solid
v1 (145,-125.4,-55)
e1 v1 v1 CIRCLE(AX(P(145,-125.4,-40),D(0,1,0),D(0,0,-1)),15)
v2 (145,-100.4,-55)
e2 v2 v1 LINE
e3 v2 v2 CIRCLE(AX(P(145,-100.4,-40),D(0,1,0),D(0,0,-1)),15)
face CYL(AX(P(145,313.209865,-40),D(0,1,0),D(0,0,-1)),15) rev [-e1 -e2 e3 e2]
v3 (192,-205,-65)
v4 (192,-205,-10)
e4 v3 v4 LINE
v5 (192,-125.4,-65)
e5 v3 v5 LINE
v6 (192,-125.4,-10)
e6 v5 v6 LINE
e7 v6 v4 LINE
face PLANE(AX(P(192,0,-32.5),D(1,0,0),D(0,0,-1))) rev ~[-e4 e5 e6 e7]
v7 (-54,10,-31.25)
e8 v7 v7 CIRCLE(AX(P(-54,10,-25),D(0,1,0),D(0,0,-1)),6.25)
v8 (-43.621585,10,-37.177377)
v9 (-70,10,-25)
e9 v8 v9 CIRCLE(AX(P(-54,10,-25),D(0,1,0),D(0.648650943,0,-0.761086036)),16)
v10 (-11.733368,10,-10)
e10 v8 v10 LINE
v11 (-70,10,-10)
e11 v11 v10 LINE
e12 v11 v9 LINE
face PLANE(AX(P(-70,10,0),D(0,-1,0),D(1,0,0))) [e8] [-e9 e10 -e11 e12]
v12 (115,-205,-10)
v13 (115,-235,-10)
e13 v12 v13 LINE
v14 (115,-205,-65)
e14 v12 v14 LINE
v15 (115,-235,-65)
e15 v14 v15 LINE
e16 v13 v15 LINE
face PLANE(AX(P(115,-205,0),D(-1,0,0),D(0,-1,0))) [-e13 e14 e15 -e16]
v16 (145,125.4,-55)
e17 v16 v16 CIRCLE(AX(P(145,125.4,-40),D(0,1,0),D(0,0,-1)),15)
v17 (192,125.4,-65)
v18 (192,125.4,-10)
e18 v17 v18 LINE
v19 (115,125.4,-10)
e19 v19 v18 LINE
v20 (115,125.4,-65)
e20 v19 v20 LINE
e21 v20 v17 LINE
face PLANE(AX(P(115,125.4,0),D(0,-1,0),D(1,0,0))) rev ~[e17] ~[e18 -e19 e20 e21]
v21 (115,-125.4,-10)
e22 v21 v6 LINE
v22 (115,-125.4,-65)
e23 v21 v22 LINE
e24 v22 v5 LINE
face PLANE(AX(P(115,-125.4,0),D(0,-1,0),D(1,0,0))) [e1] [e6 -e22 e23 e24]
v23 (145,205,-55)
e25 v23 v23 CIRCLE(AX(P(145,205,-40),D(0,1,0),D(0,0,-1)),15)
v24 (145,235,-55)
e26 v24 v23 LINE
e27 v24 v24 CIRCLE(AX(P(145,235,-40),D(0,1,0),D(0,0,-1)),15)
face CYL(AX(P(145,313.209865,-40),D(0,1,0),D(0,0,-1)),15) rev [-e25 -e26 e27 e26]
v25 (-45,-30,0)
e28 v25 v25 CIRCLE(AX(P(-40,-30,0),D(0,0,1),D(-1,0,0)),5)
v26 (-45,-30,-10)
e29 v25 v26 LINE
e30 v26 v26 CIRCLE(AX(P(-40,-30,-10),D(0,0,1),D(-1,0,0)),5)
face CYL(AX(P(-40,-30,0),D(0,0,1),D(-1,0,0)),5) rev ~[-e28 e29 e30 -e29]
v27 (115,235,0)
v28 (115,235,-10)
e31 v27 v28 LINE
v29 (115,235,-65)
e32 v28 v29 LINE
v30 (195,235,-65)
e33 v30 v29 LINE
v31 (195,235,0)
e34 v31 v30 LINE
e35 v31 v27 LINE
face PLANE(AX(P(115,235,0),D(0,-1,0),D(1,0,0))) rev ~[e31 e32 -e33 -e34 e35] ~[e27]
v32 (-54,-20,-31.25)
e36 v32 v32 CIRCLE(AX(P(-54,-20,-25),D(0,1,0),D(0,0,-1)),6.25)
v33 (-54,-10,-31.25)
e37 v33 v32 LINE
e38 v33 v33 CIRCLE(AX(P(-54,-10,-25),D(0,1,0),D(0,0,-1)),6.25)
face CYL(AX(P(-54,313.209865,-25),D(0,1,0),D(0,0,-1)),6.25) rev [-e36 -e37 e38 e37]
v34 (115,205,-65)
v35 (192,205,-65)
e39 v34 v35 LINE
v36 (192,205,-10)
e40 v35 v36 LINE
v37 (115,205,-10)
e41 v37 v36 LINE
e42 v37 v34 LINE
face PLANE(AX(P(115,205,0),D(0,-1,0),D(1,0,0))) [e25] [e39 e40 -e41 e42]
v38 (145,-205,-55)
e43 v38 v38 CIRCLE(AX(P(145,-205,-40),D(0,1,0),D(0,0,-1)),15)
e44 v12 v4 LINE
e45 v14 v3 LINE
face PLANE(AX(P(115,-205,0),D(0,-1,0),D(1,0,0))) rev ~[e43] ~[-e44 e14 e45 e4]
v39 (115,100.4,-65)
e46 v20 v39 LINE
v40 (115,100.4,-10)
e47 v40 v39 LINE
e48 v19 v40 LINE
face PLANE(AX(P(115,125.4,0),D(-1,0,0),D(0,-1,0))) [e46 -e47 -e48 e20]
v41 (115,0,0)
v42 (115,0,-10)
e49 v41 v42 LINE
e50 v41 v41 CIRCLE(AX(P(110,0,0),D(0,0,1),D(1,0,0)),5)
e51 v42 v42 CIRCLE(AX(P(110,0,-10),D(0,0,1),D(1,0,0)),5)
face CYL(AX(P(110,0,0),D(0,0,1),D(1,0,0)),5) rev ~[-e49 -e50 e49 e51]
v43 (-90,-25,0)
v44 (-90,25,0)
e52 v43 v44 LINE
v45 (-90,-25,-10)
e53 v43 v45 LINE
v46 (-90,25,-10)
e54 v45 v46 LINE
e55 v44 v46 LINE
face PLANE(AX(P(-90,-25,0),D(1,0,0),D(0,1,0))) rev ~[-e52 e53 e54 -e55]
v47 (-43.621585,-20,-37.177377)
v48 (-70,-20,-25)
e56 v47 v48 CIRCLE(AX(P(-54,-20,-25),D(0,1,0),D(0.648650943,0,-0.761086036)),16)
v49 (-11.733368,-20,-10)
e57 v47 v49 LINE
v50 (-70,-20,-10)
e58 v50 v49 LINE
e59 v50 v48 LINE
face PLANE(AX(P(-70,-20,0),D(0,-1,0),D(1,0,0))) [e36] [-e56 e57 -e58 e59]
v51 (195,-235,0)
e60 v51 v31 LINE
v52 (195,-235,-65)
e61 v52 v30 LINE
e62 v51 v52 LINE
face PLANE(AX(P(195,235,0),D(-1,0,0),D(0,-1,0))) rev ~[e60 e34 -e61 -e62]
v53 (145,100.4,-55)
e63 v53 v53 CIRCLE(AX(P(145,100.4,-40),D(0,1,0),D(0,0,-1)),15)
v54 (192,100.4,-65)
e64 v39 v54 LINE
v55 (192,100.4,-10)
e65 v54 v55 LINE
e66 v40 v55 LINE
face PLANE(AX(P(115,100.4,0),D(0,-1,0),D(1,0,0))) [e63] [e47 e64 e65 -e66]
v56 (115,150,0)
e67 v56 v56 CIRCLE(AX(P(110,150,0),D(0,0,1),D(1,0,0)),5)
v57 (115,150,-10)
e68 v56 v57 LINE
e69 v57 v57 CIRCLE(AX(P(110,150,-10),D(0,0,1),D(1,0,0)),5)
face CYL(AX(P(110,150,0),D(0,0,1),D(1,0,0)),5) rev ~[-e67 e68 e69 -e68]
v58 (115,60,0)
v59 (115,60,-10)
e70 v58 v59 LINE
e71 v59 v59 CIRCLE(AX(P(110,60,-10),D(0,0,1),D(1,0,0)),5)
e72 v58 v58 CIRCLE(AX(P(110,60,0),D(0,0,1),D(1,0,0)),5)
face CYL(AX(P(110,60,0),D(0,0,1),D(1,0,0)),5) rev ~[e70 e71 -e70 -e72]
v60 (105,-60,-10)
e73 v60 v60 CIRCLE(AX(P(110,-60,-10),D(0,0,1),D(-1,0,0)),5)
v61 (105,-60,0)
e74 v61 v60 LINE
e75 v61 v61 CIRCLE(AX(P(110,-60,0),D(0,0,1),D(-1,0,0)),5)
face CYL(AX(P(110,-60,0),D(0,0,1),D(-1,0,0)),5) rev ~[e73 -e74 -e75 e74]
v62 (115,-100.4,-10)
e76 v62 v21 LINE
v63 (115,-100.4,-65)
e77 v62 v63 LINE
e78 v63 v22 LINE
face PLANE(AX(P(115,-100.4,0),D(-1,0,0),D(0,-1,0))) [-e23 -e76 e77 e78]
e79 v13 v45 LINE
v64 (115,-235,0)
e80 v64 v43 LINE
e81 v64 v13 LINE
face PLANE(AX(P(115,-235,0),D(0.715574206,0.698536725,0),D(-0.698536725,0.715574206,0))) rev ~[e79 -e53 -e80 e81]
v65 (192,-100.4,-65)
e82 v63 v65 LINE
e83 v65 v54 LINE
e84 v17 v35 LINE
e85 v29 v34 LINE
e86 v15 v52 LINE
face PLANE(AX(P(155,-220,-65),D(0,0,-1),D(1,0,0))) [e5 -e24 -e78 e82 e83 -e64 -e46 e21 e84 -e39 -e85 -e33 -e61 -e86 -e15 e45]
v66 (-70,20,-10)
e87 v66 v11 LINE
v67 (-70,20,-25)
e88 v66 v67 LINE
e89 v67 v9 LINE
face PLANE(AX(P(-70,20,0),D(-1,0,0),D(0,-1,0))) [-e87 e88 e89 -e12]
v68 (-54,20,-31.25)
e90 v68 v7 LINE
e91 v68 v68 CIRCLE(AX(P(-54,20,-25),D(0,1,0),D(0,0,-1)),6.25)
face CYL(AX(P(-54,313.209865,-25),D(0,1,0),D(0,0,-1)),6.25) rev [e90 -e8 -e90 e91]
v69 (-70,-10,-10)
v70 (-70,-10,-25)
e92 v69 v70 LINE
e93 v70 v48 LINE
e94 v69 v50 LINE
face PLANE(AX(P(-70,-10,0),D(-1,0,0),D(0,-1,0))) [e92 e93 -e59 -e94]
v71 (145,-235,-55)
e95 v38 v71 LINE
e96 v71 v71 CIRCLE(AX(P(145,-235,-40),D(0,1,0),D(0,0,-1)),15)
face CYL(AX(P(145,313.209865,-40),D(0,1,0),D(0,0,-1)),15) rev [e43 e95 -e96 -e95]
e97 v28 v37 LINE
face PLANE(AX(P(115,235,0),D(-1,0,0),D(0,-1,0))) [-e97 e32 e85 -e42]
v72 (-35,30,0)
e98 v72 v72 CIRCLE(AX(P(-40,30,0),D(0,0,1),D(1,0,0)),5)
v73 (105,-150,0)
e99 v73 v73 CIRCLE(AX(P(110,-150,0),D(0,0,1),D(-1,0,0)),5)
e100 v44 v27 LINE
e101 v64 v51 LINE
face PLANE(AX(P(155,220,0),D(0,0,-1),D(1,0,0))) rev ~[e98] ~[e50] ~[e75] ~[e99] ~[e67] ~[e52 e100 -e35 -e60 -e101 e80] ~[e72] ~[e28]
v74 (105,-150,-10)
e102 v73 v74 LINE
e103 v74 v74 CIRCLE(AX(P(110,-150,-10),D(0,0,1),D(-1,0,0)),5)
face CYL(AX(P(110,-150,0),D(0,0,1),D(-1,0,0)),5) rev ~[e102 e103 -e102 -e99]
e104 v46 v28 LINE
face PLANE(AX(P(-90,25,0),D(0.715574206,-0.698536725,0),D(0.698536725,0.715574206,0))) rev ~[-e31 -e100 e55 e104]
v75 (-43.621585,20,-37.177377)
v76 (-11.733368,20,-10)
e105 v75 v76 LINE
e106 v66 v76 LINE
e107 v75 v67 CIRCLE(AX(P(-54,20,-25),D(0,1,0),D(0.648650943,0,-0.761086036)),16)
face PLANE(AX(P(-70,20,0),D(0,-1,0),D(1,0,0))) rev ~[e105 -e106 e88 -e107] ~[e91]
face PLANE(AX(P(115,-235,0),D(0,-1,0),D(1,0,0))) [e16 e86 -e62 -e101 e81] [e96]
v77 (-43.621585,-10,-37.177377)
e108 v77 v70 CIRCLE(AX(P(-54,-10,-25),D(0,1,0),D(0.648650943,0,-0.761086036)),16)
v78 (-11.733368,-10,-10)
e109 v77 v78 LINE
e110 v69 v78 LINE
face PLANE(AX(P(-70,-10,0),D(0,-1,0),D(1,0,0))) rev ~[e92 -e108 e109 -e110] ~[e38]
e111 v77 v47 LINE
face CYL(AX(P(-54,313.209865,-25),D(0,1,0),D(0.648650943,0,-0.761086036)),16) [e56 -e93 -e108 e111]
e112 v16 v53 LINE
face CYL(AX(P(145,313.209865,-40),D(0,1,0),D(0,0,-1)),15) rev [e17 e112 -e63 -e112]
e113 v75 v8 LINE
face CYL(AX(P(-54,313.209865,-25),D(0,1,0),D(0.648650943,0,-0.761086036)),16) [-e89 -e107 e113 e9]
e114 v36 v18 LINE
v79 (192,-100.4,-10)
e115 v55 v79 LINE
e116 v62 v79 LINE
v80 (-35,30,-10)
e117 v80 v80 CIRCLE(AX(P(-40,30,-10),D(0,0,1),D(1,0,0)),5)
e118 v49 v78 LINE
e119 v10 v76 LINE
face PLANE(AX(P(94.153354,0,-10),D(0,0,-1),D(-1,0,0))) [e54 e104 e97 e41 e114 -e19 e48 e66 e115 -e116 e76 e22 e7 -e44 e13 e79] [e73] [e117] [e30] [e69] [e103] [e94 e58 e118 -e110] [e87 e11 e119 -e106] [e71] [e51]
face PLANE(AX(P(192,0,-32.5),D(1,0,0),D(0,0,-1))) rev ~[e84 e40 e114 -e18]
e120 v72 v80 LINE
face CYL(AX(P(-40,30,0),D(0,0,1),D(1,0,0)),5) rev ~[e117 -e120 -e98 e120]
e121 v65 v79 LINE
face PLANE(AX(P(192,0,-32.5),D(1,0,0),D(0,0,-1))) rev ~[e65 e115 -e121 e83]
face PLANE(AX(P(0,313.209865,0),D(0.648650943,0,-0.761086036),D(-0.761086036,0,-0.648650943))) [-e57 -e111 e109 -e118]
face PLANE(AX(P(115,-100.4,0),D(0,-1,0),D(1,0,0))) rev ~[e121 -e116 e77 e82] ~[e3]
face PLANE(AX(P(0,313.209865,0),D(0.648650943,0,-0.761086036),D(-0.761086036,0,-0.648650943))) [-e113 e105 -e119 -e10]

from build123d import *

# Parameters (mm, degrees)
SKETCH2_W               = 80
SKETCH2_H               = 25
BOSS_EXTRUDE1_DEPTH     = 65
BOSS_EXTRUDE1_2_DEPTH   = 65
SKETCH2_W_2             = 70
SKETCH2_H_2             = 10
BOSS_EXTRUDE1_3_DEPTH   = 65
BOSS_EXTRUDE1_4_DEPTH   = 65
SKETCH2_H_3             = 30
BOSS_EXTRUDE1_5_DEPTH   = 65
BOSS_EXTRUDE1_6_DEPTH   = 65
CUT_EXTRUDE1_DEPTH      = 313.209865315
CUT_EXTRUDE1_DEPTH_BACK = 313.209865315
SKETCH3_R               = 15
SKETCH3_R_2             = 6.25
BOSS_EXTRUDE5_DEPTH     = 10
CUT_EXTRUDE2_REACH      = 314.21
SKETCH7_R               = 5
SKETCH8_W               = 65
SKETCH8_H               = 470
BOSS_EXTRUDE6_DEPTH     = 3


with BuildPart() as part:
    # Sketch2 → Boss-Extrude1 (new body)
    with BuildSketch(Plane(origin=(0, 0, 0), x_dir=(1, 0, 0), z_dir=(0, 0, -1))):
        with Locations((155, -112.9)):
            Rectangle(SKETCH2_W, SKETCH2_H)
    extrude(amount=BOSS_EXTRUDE1_DEPTH)


with BuildPart() as body_2:
    # Sketch2 → Boss-Extrude1 2 (new body)
    with BuildSketch(Plane(origin=(0, 0, 0), x_dir=(1, 0, 0), z_dir=(0, 0, -1))):
        with Locations((155, 112.9)):
            Rectangle(SKETCH2_W, SKETCH2_H)
    extrude(amount=BOSS_EXTRUDE1_2_DEPTH)


with BuildPart() as body_3:
    # Sketch2 → Boss-Extrude1 3 (new body)
    with BuildSketch(Plane(origin=(0, 0, 0), x_dir=(1, 0, 0), z_dir=(0, 0, -1))):
        with Locations((-35, 15)):
            Rectangle(SKETCH2_W_2, SKETCH2_H_2)
    extrude(amount=BOSS_EXTRUDE1_3_DEPTH)


with BuildPart() as body_4:
    # Sketch2 → Boss-Extrude1 4 (new body)
    with BuildSketch(Plane(origin=(0, 0, 0), x_dir=(1, 0, 0), z_dir=(0, 0, -1))):
        with Locations((-35, -15)):
            Rectangle(SKETCH2_W_2, SKETCH2_H_2)
    extrude(amount=BOSS_EXTRUDE1_4_DEPTH)


with BuildPart() as body_5:
    # Sketch2 → Boss-Extrude1 5 (new body)
    with BuildSketch(Plane(origin=(0, 0, 0), x_dir=(1, 0, 0), z_dir=(0, 0, -1))):
        with Locations((155, 220)):
            Rectangle(SKETCH2_W, SKETCH2_H_3)
    extrude(amount=BOSS_EXTRUDE1_5_DEPTH)


with BuildPart() as body_6:
    # Sketch2 → Boss-Extrude1 6 (new body)
    with BuildSketch(Plane(origin=(0, 0, 0), x_dir=(1, 0, 0), z_dir=(0, 0, -1))):
        with Locations((155, -220)):
            Rectangle(SKETCH2_W, SKETCH2_H_3)
    extrude(amount=BOSS_EXTRUDE1_6_DEPTH)


with BuildPart() as cut_extrude1_tool:
    # Sketch3 → Cut-Extrude1 (new, two sides: drawn at the far end of the back side and taken through both)
    with BuildSketch(Plane.XZ.offset(-CUT_EXTRUDE1_DEPTH_BACK)):
        with Locations(Location((145, -40, 0), (0, 0, 270))):
            Circle(SKETCH3_R)
        with Locations(Location((-54, -25, 0), (0, 0, 270))):
            Circle(SKETCH3_R_2)
        with BuildLine():
            Line((0, 0), (-43.621584917, -37.17737658))
            ThreePointArc((-43.621584917, -37.17737658), (-60.706167261, -39.526779432), (-70, -25))
            Line((-70, -25), (-75, -25))
            Line((-75, -25), (-75, -70))
            Line((-75, -70), (5, -70))
            Line((5, -70), (5, 0))
            Line((5, 0), (0, 0))
        make_face()
    extrude(amount=CUT_EXTRUDE1_DEPTH + CUT_EXTRUDE1_DEPTH_BACK)


with BuildPart() as part_1:
    add(part.part)

    # Cut-Extrude1: cut by cut_extrude1_tool
    add(cut_extrude1_tool.part, mode=Mode.SUBTRACT)



with BuildPart() as body_2_1:
    add(body_2.part)

    # Cut-Extrude1: cut by cut_extrude1_tool
    add(cut_extrude1_tool.part, mode=Mode.SUBTRACT)


with BuildPart() as body_3_1:
    add(body_3.part)

    # Cut-Extrude1: cut by cut_extrude1_tool
    add(cut_extrude1_tool.part, mode=Mode.SUBTRACT)


with BuildPart() as body_4_1:
    add(body_4.part)

    # Cut-Extrude1: cut by cut_extrude1_tool
    add(cut_extrude1_tool.part, mode=Mode.SUBTRACT)


with BuildPart() as body_5_1:
    add(body_5.part)

    # Cut-Extrude1: cut by cut_extrude1_tool
    add(cut_extrude1_tool.part, mode=Mode.SUBTRACT)


with BuildPart() as body_6_1:
    add(body_6.part)

    # Cut-Extrude1: cut by cut_extrude1_tool
    add(cut_extrude1_tool.part, mode=Mode.SUBTRACT)


with BuildPart() as part_2:
    add(part_1.part)

    add(body_2_1.part)  # Boss-Extrude5 merges body 2

    add(body_3_1.part)  # Boss-Extrude5 merges body 3

    add(body_4_1.part)  # Boss-Extrude5 merges body 4

    add(body_5_1.part)  # Boss-Extrude5 merges body 5

    add(body_6_1.part)  # Boss-Extrude5 merges body 6
    # Sketch6 → Boss-Extrude5 (add)
    with BuildSketch(Plane.XY):
        Polygon((195, 235), (195, -235), (115, -235), (-90, -25), (-90, 25), (115, 235), align=None)
    extrude(amount=-BOSS_EXTRUDE5_DEPTH)

    # Sketch7 → Cut-Extrude2 (cut, up to next)
    with BuildSketch(Plane.XY, mode=Mode.PRIVATE) as cut_extrude2_sk1:
        with Locations((110, 150)):
            Circle(SKETCH7_R)
    cut_extrude2_tool1 = extrude(cut_extrude2_sk1.sketch, amount=-CUT_EXTRUDE2_REACH, mode=Mode.PRIVATE) & part_2.part
    # Sketch7 → Cut-Extrude2 (cut, up to next)
    with BuildSketch(Plane.XY, mode=Mode.PRIVATE) as cut_extrude2_sk2:
        with Locations((110, 60)):
            Circle(SKETCH7_R)
    cut_extrude2_tool2 = extrude(cut_extrude2_sk2.sketch, amount=-CUT_EXTRUDE2_REACH, mode=Mode.PRIVATE) & part_2.part
    # Sketch7 → Cut-Extrude2 (cut, up to next)
    with BuildSketch(Plane.XY, mode=Mode.PRIVATE) as cut_extrude2_sk3:
        with Locations((110, 0)):
            Circle(SKETCH7_R)
    cut_extrude2_tool3 = extrude(cut_extrude2_sk3.sketch, amount=-CUT_EXTRUDE2_REACH, mode=Mode.PRIVATE) & part_2.part
    # Sketch7 → Cut-Extrude2 (cut, up to next)
    with BuildSketch(Plane.XY, mode=Mode.PRIVATE) as cut_extrude2_sk4:
        with Locations((-40, 30)):
            Circle(SKETCH7_R)
    cut_extrude2_tool4 = extrude(cut_extrude2_sk4.sketch, amount=-CUT_EXTRUDE2_REACH, mode=Mode.PRIVATE) & part_2.part
    # Sketch7 → Cut-Extrude2 (cut, up to next)
    with BuildSketch(Plane.XY, mode=Mode.PRIVATE) as cut_extrude2_sk5:
        with Locations(Location((-40, -30, 0), (0, 0, 180))):
            Circle(SKETCH7_R)
    cut_extrude2_tool5 = extrude(cut_extrude2_sk5.sketch, amount=-CUT_EXTRUDE2_REACH, mode=Mode.PRIVATE) & part_2.part
    # Sketch7 → Cut-Extrude2 (cut, up to next)
    with BuildSketch(Plane.XY, mode=Mode.PRIVATE) as cut_extrude2_sk6:
        with Locations(Location((110, -60, 0), (0, 0, 180))):
            Circle(SKETCH7_R)
    cut_extrude2_tool6 = extrude(cut_extrude2_sk6.sketch, amount=-CUT_EXTRUDE2_REACH, mode=Mode.PRIVATE) & part_2.part
    # Sketch7 → Cut-Extrude2 (cut, up to next)
    with BuildSketch(Plane.XY, mode=Mode.PRIVATE) as cut_extrude2_sk7:
        with Locations(Location((110, -150, 0), (0, 0, 180))):
            Circle(SKETCH7_R)
    cut_extrude2_tool7 = extrude(cut_extrude2_sk7.sketch, amount=-CUT_EXTRUDE2_REACH, mode=Mode.PRIVATE) & part_2.part
    add(cut_extrude2_tool1.solids().sort_by_distance((110, 150, 0))[0], mode=Mode.SUBTRACT)
    add(cut_extrude2_tool2.solids().sort_by_distance((110, 60, 0))[0], mode=Mode.SUBTRACT)
    add(cut_extrude2_tool3.solids().sort_by_distance((110, 0, 0))[0], mode=Mode.SUBTRACT)
    add(cut_extrude2_tool4.solids().sort_by_distance((-40, 30, 0))[0], mode=Mode.SUBTRACT)
    add(cut_extrude2_tool5.solids().sort_by_distance((-40, -30, 0))[0], mode=Mode.SUBTRACT)
    add(cut_extrude2_tool6.solids().sort_by_distance((110, -60, 0))[0], mode=Mode.SUBTRACT)
    add(cut_extrude2_tool7.solids().sort_by_distance((110, -150, 0))[0], mode=Mode.SUBTRACT)

    # Sketch8 → Boss-Extrude6 (add)
    with BuildSketch(Plane(origin=(195, 0, 0), x_dir=(0, 0, -1), z_dir=(1, 0, 0))):
        with Locations((32.5, 0)):
            Rectangle(SKETCH8_W, SKETCH8_H)
    extrude(amount=-BOSS_EXTRUDE6_DEPTH)


solid = part_2.part
